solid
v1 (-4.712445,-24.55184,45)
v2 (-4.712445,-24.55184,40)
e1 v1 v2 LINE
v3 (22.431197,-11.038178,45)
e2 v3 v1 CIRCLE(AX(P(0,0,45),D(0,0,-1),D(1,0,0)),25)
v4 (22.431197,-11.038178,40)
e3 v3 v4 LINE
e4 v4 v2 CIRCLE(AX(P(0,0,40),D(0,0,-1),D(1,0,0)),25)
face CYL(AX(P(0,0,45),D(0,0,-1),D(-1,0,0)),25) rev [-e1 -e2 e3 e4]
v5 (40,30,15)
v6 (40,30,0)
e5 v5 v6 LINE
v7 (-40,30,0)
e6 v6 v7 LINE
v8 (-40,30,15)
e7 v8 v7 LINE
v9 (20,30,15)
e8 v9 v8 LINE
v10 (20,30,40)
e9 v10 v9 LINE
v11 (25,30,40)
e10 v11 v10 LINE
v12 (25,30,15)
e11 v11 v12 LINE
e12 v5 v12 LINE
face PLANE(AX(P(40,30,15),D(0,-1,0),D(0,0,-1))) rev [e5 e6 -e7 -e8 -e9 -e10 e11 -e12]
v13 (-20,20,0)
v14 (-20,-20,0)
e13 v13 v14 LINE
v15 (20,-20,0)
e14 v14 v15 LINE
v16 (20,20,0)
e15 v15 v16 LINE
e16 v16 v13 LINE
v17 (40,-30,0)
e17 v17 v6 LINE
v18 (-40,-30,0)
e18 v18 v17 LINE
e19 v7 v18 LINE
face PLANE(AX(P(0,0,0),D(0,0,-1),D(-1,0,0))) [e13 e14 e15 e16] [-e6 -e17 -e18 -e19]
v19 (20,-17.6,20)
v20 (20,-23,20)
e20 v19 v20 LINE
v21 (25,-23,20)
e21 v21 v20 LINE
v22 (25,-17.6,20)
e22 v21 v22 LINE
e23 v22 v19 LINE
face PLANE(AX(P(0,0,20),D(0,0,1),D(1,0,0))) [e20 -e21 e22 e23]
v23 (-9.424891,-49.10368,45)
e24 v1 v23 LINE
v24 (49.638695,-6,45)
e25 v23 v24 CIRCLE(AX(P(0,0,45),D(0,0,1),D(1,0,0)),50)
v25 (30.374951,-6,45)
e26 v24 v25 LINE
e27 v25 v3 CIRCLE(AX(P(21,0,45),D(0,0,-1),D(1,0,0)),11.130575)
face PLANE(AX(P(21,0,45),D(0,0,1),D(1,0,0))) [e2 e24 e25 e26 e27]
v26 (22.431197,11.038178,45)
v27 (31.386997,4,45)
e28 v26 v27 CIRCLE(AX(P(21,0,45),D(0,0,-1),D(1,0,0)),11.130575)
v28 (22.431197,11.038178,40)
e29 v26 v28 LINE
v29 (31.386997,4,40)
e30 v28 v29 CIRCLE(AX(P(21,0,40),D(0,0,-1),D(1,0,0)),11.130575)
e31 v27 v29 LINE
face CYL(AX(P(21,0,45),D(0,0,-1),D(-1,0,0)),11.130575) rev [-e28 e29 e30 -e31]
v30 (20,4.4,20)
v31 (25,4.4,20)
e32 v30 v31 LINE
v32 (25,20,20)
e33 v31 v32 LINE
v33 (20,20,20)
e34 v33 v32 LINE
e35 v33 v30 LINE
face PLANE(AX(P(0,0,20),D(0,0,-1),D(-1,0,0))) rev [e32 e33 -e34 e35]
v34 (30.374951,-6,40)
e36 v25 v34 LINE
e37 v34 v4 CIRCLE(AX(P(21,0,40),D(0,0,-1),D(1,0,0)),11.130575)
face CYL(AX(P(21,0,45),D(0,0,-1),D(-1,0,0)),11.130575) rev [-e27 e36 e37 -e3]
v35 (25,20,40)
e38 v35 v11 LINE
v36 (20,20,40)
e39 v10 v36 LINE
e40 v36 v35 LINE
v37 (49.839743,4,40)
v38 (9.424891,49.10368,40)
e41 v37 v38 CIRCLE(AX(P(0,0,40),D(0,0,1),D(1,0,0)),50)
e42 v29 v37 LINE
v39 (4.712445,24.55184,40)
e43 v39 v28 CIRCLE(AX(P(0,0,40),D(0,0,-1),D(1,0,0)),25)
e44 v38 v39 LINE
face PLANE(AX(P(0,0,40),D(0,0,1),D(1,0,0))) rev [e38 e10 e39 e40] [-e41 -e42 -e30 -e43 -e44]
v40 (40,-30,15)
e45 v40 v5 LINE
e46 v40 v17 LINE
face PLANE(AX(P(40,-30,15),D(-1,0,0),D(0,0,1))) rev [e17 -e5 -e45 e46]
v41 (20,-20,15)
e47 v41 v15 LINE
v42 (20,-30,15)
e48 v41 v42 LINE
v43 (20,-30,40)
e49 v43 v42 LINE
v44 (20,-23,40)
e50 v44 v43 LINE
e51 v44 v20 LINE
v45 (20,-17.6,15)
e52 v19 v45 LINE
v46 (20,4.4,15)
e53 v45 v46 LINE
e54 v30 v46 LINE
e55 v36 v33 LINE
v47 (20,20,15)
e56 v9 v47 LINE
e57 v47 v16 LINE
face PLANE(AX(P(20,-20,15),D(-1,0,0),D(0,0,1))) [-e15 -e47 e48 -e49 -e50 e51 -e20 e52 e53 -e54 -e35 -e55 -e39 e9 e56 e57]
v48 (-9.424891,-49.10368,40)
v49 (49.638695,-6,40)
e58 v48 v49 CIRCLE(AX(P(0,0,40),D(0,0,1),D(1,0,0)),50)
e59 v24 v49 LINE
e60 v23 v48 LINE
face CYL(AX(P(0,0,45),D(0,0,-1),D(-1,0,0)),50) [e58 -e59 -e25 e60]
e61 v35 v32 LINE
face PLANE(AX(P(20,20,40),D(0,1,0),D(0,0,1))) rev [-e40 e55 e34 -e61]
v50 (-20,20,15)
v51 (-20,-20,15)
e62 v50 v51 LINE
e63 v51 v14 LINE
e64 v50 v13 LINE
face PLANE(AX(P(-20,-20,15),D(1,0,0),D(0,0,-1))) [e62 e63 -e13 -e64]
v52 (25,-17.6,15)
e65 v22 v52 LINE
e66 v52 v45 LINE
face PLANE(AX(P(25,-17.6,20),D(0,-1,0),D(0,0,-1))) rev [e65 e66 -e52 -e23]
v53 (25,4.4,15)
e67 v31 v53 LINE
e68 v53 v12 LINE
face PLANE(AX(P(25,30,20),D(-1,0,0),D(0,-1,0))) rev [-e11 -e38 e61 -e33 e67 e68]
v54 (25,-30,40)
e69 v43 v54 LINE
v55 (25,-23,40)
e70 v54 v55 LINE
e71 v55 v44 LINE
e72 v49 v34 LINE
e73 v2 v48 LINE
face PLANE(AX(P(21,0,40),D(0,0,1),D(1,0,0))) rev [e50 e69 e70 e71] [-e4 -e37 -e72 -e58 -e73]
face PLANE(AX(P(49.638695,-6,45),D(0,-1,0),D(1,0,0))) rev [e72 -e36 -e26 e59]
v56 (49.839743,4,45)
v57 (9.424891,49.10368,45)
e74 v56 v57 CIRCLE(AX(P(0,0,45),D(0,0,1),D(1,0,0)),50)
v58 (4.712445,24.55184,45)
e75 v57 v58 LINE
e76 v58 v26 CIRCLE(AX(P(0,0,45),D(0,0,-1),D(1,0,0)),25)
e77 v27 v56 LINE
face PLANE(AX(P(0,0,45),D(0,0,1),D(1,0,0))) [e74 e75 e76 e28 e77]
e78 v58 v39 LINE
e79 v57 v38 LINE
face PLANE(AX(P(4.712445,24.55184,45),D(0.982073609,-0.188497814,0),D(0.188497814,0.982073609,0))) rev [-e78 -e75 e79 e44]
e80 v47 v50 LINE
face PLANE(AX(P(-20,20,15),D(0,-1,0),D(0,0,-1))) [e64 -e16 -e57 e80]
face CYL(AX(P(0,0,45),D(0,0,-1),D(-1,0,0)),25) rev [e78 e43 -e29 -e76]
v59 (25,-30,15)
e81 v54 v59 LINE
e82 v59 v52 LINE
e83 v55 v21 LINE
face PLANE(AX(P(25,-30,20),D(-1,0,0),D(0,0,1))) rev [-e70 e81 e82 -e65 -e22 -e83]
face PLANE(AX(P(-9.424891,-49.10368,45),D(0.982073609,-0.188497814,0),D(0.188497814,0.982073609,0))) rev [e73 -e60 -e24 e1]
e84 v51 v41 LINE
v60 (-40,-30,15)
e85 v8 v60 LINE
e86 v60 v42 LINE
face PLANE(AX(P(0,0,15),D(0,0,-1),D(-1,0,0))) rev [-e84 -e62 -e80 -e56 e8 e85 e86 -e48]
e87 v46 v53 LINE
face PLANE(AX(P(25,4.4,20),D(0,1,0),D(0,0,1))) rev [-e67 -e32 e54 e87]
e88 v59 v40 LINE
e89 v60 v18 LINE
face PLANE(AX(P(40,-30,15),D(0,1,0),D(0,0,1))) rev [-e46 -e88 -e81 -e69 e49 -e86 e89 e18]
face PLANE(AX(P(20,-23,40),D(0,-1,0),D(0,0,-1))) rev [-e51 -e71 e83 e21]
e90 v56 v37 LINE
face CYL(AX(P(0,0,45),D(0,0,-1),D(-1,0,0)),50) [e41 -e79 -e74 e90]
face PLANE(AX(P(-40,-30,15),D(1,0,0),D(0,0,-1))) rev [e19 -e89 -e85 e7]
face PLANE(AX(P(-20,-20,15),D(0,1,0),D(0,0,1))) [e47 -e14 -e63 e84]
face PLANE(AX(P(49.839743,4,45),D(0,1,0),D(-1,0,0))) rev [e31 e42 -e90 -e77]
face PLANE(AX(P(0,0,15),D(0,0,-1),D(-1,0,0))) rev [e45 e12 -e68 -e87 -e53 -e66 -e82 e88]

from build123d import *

# Parameters (mm, degrees)
SKETCH2_W           = 60
SKETCH2_H           = 80
SKETCH2_W_2         = 40
SKETCH2_H_2         = 40
BOSS_EXTRUDE1_DEPTH = 15
SKETCH6_W           = 5
SKETCH6_H           = 25.6
SKETCH6_H_2         = 12.4
BOSS_EXTRUDE4_DEPTH = 5
SKETCH8_W           = 5
SKETCH8_H           = 7
BOSS_EXTRUDE5_DEPTH = 20
SKETCH9_W           = 5
SKETCH9_H           = 10
BOSS_EXTRUDE6_DEPTH = 20
BOSS_EXTRUDE7_DEPTH = 5


with BuildPart() as part:
    # Sketch2 → Boss-Extrude1 (new body)
    with BuildSketch(Plane(origin=(0, 0, 0), x_dir=(0, 1, 0), z_dir=(0, 0, 1))):
        Rectangle(SKETCH2_W, SKETCH2_H)
        Rectangle(SKETCH2_W_2, SKETCH2_H_2, mode=Mode.SUBTRACT)
    extrude(amount=BOSS_EXTRUDE1_DEPTH)

    # Sketch6 → Boss-Extrude4 (add)
    with BuildSketch(Plane.XY.offset(15)):
        with Locations((22.5, 17.2)):
            Rectangle(SKETCH6_W, SKETCH6_H)
        with Locations((22.5, -23.8)):
            Rectangle(SKETCH6_W, SKETCH6_H_2)
    extrude(amount=BOSS_EXTRUDE4_DEPTH)

    # Sketch8 → Boss-Extrude5 (add)
    with BuildSketch(Plane.XY.offset(20)):
        with Locations((22.5, -26.5)):
            Rectangle(SKETCH8_W, SKETCH8_H)
    extrude(amount=BOSS_EXTRUDE5_DEPTH)

    # Sketch9 → Boss-Extrude6 (add)
    with BuildSketch(Plane.XY.offset(20)):
        with Locations((22.5, 25)):
            Rectangle(SKETCH9_W, SKETCH9_H)
    extrude(amount=BOSS_EXTRUDE6_DEPTH)

    # Sketch10 → Boss-Extrude7 (add)
    with BuildSketch(Plane.XY.offset(40)):
        with BuildLine():
            Line((-9.424890685, -49.103680469), (-4.712445342, -24.551840234))
            ThreePointArc((-4.712445342, -24.551840234), (11.141961637, -22.379827767), (22.431197476, -11.038178282))
            ThreePointArc((22.431197476, -11.038178282), (26.961461335, -9.399504495), (30.374950987, -6))
            Line((30.374950987, -6), (49.638694584, -6))
            ThreePointArc((49.638694584, -6), (29.474893104, -40.388496834), (-9.424890685, -49.103680469))
        make_face()
        with BuildLine():
            Line((4.712445342, 24.551840234), (9.424890685, 49.103680469))
            ThreePointArc((9.424890685, 49.103680469), (37.23787997, 33.366754342), (49.839743178, 4))
            Line((49.839743178, 4), (31.386996968, 4))
            ThreePointArc((31.386996968, 4), (27.877602661, 8.751473456), (22.431197476, 11.038178282))
            ThreePointArc((22.431197476, 11.038178282), (15.160775086, 19.878402823), (4.712445342, 24.551840234))
        make_face()
    extrude(amount=BOSS_EXTRUDE7_DEPTH)


solid = part.part
